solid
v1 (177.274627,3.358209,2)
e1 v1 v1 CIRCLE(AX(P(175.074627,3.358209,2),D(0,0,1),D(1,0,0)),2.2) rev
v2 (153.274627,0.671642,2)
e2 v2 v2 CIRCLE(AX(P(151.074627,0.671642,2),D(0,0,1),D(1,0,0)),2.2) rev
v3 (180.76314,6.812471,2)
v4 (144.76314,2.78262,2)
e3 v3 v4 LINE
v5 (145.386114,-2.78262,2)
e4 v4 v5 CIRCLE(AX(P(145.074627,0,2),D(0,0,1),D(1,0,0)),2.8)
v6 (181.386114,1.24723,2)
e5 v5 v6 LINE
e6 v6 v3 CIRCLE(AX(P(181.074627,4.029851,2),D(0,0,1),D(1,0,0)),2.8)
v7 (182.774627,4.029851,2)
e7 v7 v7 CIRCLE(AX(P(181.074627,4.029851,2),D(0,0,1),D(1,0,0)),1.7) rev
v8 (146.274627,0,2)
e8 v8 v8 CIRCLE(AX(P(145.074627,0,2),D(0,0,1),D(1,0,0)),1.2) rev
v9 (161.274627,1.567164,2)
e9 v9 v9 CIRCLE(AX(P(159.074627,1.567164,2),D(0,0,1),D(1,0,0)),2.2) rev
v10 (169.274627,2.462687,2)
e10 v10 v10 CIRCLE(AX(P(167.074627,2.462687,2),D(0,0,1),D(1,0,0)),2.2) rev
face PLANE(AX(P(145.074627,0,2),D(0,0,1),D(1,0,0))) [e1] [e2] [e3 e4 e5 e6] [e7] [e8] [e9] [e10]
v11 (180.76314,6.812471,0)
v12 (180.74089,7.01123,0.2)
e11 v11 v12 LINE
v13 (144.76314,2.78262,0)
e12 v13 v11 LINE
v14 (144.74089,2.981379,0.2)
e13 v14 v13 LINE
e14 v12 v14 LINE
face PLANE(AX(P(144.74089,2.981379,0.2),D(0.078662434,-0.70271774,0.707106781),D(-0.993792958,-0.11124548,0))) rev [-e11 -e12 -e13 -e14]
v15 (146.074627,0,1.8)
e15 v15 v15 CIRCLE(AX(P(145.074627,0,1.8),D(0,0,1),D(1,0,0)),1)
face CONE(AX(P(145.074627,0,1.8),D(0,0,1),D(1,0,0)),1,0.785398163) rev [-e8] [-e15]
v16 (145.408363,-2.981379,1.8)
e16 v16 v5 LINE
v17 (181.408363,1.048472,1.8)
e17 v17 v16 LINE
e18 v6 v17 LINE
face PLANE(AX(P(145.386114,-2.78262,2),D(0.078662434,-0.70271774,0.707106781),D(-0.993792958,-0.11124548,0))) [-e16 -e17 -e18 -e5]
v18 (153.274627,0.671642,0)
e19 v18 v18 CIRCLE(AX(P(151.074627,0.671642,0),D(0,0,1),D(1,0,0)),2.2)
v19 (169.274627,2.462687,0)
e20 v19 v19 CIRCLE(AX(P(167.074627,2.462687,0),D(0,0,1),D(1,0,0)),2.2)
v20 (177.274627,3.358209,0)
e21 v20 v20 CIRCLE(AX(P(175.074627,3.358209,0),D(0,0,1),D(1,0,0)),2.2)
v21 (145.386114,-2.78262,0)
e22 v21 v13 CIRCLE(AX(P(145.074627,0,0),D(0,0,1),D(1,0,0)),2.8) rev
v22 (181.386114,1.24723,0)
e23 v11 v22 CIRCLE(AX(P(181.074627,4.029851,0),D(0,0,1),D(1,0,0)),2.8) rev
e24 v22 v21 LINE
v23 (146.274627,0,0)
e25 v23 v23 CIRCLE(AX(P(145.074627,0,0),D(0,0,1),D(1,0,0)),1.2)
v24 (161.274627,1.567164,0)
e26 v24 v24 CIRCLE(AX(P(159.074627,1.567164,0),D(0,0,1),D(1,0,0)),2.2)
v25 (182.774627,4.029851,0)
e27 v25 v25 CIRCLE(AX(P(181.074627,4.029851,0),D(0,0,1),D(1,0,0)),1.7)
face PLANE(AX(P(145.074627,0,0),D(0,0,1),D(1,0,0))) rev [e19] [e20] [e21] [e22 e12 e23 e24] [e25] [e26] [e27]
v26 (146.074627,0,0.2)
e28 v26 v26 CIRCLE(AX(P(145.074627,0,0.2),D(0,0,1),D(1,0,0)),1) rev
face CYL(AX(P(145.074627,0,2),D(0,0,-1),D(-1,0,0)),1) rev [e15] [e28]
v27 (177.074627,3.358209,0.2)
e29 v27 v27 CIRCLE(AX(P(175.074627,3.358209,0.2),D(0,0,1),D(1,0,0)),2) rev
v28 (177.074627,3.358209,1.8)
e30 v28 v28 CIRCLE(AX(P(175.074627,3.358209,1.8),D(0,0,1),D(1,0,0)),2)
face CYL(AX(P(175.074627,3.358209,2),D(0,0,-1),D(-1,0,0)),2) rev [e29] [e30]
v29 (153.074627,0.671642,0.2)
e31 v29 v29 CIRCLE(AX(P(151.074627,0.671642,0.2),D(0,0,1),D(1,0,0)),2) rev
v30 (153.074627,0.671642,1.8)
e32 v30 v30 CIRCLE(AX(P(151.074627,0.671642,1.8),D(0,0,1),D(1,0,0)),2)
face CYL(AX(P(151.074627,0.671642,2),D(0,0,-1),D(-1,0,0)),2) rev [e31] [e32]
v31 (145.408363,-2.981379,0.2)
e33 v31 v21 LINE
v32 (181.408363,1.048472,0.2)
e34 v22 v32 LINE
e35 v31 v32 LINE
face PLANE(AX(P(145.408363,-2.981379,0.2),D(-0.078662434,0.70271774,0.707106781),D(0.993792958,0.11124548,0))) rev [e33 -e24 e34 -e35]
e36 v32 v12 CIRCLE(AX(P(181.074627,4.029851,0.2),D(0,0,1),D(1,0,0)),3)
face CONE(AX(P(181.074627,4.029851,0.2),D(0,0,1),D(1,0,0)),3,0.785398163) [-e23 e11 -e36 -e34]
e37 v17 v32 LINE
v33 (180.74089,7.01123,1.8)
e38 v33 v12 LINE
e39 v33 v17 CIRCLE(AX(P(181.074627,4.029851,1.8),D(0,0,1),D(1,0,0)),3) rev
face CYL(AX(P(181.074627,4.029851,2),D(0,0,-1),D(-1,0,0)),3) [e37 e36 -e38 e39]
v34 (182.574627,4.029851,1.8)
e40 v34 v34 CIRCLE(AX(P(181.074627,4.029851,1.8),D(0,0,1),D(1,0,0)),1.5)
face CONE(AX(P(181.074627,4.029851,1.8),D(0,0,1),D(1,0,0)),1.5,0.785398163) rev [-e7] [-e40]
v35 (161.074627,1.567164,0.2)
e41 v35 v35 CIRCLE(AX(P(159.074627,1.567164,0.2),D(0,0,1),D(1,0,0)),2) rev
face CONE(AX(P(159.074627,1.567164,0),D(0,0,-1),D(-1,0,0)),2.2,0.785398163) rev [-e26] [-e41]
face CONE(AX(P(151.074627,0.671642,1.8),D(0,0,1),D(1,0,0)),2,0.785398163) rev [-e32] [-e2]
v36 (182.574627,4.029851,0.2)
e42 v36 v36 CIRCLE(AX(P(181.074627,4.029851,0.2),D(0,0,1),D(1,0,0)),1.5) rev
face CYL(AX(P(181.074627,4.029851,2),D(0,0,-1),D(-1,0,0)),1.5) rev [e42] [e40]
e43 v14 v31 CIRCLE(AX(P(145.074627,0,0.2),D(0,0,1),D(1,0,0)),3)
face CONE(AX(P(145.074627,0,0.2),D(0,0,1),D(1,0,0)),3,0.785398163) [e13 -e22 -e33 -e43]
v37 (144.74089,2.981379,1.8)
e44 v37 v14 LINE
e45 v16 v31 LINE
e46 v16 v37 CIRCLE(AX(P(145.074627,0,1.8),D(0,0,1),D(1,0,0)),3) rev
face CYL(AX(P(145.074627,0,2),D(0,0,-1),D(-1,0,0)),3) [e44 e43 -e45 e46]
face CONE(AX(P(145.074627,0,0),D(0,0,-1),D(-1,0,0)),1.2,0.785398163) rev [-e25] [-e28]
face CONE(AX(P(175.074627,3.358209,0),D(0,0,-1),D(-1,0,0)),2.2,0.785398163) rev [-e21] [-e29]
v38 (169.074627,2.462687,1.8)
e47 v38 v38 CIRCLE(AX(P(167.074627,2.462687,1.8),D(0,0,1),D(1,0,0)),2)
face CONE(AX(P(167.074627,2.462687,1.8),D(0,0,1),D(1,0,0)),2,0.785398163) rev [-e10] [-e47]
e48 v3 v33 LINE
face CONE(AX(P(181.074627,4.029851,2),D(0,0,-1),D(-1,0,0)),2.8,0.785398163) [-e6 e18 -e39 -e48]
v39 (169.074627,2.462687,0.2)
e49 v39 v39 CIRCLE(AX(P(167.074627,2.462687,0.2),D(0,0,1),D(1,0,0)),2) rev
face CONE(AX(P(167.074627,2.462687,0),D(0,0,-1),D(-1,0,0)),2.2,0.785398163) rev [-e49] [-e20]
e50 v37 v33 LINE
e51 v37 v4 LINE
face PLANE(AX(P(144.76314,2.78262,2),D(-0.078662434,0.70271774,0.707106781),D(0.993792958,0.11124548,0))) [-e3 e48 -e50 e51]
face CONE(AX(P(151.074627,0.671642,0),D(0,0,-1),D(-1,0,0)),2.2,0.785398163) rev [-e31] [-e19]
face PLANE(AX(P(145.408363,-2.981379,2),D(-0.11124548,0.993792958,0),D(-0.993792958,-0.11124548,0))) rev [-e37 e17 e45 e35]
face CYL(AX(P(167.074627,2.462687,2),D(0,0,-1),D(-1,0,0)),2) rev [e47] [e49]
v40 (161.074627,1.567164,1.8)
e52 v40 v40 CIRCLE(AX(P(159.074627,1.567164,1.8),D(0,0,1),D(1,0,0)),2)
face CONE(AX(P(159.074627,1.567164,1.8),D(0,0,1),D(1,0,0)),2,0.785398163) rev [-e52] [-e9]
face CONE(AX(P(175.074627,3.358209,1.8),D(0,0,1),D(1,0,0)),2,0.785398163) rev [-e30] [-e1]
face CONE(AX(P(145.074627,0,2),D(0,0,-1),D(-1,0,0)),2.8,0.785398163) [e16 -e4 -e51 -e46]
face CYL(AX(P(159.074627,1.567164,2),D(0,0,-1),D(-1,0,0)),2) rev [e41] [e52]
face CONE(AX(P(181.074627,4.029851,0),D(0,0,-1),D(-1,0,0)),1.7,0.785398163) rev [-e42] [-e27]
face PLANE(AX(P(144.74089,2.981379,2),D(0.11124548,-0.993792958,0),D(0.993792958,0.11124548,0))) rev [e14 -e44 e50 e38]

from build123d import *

# Parameters (mm, degrees)
SKETCH1_R           = 1.5
SKETCH1_R_2         = 1
SKETCH1_R_3         = 2
BOSS_EXTRUDE2_DEPTH = 2
CHAMFER1_SIZE       = 0.2


with BuildPart() as part:
    # Sketch1 → Boss-Extrude2 (new body)
    with BuildSketch(Plane.XY):
        with BuildLine():
            Line((144.740890425, 2.981378874), (180.740890425, 7.01122962))
            ThreePointArc((180.740890425, 7.01122962), (184.056005739, 4.363587187), (181.408363307, 1.048471873))
            Line((181.408363307, 1.048471873), (145.408363307, -2.981378874))
            ThreePointArc((145.408363307, -2.981378874), (142.093247992, -0.333736441), (144.740890425, 2.981378874))
        make_face()
        with Locations((181.074626866, 4.029850746)):
            Circle(SKETCH1_R, mode=Mode.SUBTRACT)
        with Locations((145.074626866, 0)):
            Circle(SKETCH1_R_2, mode=Mode.SUBTRACT)
        with Locations((151.074626866, 0.671641791)):
            Circle(SKETCH1_R_3, mode=Mode.SUBTRACT)
        with Locations((175.074626866, 3.358208955)):
            Circle(SKETCH1_R_3, mode=Mode.SUBTRACT)
        with Locations((167.074626866, 2.462686567)):
            Circle(SKETCH1_R_3, mode=Mode.SUBTRACT)
        with Locations((159.074626866, 1.567164179)):
            Circle(SKETCH1_R_3, mode=Mode.SUBTRACT)
    extrude(amount=BOSS_EXTRUDE2_DEPTH)

    # Chamfer1
    chamfer1_edges = [part.edges().sort_by_distance(p)[0] for p in [
        (179.574626866, 4.029850746, 0),
        (179.574626866, 4.029850746, 2),
        (184.056005739, 4.363587187, 2),
        (144.074626866, 0, 0),
        (144.074626866, 0, 2),
        (162.740890425, 4.996304247, 2),
        (149.074626866, 0.671641791, 0),
        (149.074626866, 0.671641791, 2),
        (173.074626866, 3.358208955, 0),
        (173.074626866, 3.358208955, 2),
        (165.074626866, 2.462686567, 0),
        (165.074626866, 2.462686567, 2),
        (157.074626866, 1.567164179, 0),
        (157.074626866, 1.567164179, 2),
        (142.093247992, -0.333736441, 2),
        (162.740890425, 4.996304247, 0),
        (184.056005739, 4.363587187, 0),
        (163.408363307, -0.9664535, 0),
        (142.093247992, -0.333736441, 0),
        (163.408363307, -0.9664535, 2),
    ]]
    chamfer(chamfer1_edges, length=CHAMFER1_SIZE)


solid = part.part
